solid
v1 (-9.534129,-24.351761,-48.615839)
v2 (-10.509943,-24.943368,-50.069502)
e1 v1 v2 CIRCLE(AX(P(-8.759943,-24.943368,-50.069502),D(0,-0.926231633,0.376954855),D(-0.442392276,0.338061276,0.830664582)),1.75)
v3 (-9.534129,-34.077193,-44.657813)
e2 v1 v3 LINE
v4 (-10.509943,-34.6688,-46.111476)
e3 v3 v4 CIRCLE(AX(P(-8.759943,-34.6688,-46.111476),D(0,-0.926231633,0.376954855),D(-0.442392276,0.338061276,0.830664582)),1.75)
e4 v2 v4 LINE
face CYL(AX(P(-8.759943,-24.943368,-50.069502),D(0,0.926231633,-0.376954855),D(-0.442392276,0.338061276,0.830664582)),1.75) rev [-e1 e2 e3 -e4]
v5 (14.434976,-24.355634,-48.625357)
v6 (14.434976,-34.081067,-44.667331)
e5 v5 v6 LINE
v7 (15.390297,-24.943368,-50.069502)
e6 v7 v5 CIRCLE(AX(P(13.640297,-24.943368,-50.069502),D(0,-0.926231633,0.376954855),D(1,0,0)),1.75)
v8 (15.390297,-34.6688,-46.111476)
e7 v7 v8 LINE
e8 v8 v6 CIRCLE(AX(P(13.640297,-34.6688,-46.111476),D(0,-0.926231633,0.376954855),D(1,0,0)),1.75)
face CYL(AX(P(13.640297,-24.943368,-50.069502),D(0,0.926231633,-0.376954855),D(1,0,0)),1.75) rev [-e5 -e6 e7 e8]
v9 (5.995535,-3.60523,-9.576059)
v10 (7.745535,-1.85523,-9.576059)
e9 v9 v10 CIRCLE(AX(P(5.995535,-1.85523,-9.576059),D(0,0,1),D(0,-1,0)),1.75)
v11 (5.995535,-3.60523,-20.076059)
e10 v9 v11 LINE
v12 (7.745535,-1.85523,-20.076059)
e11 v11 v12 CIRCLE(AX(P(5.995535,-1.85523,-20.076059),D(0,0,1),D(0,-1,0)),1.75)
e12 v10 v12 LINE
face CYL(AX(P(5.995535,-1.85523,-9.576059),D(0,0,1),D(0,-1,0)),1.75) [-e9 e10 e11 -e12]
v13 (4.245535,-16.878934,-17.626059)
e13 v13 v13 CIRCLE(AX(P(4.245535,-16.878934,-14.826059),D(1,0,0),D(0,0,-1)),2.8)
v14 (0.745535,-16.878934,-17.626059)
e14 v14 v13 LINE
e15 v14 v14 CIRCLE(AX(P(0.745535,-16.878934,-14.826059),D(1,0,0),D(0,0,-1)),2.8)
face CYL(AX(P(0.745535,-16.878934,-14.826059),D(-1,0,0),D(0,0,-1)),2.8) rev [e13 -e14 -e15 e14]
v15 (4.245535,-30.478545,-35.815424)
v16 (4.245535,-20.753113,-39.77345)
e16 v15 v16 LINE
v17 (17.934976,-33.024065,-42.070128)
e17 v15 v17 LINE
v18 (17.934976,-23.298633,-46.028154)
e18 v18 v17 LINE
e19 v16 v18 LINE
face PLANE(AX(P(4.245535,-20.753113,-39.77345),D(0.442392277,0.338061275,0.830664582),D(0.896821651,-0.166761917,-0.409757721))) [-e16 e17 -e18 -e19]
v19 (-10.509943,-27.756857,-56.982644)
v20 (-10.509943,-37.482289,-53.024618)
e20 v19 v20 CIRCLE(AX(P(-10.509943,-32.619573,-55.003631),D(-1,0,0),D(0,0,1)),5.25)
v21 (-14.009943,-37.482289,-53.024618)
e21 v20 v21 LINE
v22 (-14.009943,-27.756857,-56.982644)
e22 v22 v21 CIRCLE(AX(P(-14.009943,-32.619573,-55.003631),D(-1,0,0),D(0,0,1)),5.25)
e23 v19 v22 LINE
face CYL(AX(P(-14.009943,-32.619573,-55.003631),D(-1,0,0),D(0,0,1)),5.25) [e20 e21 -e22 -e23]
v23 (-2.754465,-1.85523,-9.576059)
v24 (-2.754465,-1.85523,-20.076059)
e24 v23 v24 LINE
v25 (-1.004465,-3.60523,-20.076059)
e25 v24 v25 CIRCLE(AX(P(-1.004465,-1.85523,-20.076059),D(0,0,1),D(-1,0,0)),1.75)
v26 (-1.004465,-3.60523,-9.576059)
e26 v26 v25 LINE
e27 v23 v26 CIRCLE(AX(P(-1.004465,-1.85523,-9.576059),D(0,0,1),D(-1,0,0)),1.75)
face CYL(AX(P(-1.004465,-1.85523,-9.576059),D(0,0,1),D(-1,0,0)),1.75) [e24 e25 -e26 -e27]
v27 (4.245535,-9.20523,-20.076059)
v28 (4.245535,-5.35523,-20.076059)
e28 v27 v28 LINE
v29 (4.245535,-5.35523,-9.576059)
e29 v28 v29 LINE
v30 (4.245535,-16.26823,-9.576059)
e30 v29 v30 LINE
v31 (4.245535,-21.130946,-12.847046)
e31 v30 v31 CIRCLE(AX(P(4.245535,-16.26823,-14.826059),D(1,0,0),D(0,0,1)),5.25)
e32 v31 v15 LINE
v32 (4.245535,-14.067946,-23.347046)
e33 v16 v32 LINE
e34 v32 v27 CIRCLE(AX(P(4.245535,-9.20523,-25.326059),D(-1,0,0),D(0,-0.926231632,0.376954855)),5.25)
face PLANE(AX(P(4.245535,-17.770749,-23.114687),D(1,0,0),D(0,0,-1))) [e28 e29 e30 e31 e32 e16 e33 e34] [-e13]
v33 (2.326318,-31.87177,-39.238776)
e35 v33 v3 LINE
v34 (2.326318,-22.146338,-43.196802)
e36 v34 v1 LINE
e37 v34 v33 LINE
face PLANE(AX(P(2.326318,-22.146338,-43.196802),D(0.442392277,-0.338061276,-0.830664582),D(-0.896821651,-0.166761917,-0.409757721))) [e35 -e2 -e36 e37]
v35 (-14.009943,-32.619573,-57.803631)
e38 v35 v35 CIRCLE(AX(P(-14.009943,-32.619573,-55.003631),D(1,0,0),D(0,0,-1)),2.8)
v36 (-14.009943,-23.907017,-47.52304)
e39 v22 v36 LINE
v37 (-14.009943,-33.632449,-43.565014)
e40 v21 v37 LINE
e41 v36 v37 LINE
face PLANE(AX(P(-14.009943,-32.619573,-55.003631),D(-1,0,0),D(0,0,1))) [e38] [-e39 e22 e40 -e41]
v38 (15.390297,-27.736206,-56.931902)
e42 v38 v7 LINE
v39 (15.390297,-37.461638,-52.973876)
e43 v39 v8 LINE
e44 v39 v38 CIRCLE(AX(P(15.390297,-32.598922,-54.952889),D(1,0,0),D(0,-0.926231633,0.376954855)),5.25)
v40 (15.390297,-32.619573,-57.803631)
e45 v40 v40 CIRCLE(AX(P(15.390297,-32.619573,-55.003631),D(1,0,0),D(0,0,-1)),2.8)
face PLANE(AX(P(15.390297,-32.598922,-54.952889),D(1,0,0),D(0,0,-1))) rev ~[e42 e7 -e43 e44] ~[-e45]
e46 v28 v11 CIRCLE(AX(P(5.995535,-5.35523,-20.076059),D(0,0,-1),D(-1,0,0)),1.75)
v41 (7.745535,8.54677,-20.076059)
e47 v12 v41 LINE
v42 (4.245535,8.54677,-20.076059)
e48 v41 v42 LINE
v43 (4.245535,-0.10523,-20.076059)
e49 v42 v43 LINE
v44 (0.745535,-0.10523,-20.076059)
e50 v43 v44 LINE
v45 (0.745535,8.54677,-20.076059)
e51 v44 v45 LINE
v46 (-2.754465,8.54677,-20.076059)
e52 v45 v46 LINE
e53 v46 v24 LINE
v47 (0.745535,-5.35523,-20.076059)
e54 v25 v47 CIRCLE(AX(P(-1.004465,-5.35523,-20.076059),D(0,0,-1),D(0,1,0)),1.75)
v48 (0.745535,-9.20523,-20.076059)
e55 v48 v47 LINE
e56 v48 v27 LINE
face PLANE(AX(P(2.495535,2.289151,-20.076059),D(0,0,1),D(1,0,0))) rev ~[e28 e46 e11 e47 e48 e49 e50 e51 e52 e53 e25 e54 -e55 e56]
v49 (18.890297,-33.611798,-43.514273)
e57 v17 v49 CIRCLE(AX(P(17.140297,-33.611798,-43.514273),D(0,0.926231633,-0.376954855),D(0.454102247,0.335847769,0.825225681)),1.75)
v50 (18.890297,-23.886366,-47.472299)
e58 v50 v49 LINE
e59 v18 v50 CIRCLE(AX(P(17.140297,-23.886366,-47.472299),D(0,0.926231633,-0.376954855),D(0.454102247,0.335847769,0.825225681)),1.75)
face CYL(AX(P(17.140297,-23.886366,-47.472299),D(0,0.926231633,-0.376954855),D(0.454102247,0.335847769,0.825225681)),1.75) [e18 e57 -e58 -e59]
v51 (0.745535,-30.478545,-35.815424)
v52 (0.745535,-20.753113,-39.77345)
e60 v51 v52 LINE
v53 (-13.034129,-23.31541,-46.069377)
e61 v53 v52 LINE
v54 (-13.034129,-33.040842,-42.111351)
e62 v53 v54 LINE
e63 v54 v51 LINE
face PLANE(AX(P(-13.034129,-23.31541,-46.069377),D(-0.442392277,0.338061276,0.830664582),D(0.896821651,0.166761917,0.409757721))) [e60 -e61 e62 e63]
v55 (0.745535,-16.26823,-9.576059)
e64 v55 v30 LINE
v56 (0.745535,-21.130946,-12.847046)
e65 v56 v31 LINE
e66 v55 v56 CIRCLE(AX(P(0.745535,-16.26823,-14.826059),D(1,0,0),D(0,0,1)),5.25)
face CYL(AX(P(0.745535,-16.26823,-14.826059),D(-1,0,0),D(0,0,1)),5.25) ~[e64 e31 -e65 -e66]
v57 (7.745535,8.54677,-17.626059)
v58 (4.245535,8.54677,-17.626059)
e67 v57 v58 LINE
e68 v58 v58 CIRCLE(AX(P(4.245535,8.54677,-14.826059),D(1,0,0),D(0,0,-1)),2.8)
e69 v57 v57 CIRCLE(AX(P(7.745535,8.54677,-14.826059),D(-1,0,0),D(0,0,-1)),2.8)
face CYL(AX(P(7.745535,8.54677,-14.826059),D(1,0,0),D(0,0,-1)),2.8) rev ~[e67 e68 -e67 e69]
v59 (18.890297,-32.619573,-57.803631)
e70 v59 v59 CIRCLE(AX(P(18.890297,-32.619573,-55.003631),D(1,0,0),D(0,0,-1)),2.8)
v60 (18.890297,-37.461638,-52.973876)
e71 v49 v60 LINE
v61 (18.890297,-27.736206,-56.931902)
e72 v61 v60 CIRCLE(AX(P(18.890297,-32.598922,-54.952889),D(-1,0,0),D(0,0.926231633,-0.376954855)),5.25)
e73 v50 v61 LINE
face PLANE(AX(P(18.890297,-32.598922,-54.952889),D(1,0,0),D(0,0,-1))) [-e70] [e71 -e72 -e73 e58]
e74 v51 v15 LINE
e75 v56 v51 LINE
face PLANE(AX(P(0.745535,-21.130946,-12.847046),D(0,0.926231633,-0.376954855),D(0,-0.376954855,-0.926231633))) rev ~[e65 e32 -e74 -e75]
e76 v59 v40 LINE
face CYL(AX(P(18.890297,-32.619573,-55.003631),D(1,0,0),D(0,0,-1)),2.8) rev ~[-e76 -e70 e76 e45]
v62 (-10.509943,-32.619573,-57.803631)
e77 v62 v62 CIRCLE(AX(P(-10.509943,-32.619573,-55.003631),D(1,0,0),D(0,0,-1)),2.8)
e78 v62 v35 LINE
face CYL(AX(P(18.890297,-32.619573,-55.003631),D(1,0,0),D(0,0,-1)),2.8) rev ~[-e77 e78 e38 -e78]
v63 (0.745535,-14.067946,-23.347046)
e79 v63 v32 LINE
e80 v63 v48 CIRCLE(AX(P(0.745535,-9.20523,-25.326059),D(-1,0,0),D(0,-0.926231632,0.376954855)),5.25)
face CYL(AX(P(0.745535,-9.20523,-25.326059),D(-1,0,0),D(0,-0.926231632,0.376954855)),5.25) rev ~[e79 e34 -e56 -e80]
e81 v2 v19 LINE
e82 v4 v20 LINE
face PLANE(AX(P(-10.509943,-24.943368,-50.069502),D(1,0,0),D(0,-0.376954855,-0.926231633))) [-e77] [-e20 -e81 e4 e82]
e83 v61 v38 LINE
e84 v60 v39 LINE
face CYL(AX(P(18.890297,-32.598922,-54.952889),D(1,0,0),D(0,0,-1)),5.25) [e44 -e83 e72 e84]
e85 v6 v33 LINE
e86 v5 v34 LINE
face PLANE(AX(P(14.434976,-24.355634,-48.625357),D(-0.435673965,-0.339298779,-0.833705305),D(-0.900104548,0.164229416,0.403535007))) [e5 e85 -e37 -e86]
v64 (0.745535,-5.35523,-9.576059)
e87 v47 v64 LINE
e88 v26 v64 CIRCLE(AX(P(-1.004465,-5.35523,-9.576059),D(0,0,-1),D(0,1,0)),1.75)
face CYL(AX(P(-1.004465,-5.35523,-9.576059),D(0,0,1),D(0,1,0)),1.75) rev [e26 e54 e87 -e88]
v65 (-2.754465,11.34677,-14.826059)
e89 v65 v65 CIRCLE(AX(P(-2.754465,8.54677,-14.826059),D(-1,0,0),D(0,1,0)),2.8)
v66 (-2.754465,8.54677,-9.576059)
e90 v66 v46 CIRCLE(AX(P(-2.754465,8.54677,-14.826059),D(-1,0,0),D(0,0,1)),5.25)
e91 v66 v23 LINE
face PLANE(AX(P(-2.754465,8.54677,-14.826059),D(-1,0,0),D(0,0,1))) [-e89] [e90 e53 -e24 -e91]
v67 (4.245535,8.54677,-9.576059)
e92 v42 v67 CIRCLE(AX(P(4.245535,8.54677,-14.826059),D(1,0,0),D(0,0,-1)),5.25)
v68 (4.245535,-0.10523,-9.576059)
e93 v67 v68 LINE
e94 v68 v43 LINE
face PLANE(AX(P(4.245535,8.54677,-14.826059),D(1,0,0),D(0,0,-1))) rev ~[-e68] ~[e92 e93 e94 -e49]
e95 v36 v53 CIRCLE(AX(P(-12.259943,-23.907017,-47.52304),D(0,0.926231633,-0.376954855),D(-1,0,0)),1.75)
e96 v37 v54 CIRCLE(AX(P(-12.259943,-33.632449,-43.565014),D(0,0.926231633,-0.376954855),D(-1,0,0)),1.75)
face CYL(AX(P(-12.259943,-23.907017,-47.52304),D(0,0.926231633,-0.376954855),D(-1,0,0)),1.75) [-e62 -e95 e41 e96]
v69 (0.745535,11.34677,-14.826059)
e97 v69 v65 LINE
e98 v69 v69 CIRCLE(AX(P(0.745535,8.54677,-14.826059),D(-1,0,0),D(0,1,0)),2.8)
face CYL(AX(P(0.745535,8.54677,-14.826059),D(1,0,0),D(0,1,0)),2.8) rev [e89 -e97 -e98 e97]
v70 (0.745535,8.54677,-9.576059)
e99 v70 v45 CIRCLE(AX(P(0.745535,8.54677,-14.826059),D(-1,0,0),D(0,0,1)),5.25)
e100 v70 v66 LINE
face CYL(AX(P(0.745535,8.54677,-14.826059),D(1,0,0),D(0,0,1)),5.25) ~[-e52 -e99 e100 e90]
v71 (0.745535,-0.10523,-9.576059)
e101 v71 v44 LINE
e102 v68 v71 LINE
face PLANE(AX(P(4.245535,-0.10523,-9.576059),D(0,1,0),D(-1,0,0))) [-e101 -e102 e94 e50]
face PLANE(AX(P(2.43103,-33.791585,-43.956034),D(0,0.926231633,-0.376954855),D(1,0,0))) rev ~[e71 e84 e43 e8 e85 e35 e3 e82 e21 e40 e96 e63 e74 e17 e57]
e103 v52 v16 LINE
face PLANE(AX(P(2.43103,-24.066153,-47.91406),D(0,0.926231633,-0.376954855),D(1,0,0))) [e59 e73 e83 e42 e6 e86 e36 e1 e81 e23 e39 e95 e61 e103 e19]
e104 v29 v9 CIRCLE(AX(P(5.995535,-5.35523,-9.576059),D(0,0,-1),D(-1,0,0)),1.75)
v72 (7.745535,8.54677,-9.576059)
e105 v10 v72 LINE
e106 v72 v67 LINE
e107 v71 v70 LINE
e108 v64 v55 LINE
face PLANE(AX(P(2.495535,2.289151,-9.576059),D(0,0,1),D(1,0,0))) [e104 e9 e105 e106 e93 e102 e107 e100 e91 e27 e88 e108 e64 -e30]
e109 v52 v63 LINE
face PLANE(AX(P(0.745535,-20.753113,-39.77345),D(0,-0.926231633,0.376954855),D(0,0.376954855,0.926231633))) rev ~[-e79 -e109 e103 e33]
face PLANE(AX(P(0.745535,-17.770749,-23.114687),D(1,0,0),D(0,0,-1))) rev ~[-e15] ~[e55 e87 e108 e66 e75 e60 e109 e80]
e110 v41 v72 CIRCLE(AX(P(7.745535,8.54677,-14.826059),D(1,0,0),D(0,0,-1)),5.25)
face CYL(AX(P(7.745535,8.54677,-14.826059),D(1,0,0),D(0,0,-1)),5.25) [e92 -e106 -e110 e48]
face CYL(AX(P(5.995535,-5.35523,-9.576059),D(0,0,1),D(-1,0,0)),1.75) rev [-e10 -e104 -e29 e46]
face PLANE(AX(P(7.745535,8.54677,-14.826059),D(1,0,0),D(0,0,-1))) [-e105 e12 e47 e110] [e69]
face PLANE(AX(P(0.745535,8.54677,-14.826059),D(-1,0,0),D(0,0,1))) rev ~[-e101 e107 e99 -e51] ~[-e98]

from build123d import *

# Parameters (mm, degrees)
SKETCH1_R           = 4
BOSS_EXTRUDE1_DEPTH = 5
BOSS_EXTRUDE2_DEPTH = 15
SKETCH3_R           = 7.5
SKETCH3_R_2         = 4
BOSS_EXTRUDE3_DEPTH = 5
SKETCH5_R           = 4
CUT_EXTRUDE1_DEPTH  = 5
BOSS_EXTRUDE4_START = -5
SKETCH6_R           = 7.5
BOSS_EXTRUDE4_DEPTH = 5
CUT_EXTRUDE2_START  = -5
SKETCH7_R           = 4
CUT_EXTRUDE2_DEPTH  = 5
BOSS_EXTRUDE5_DEPTH = 15
SKETCH9_R           = 7.5
BOSS_EXTRUDE6_DEPTH = 5
SKETCH10_R          = 7.5
BOSS_EXTRUDE7_DEPTH = 5
SKETCH11_R          = 4
CUT_EXTRUDE3_DEPTH  = 64
SCALE1_SCALE        = 0.7


with BuildPart() as part:
    # Sketch1 → Boss-Extrude1 (new body)
    with BuildSketch(Plane(origin=(0, 0, 0), x_dir=(0, 0, -1), z_dir=(1, 0, 0))):
        with BuildLine():
            Line((15, 0), (0, 0))
            Line((0, 0), (0, -15.59))
            ThreePointArc((0, -15.59), (1.276909506, -19.776065539), (4.672838586, -22.536737244))
            Line((4.672838586, -22.536737244), (37.484806943, -35.890449582))
            Line((37.484806943, -35.890449582), (43.13912977, -21.996975093))
            Line((43.13912977, -21.996975093), (19.672838586, -12.446737244))
            ThreePointArc((19.672838586, -12.446737244), (16.276909506, -9.686065539), (15, -5.5))
            Line((15, -5.5), (15, 0))
        make_face()
        with Locations((7.5, -16.462434129)):
            Circle(SKETCH1_R, mode=Mode.SUBTRACT)
    extrude(amount=BOSS_EXTRUDE1_DEPTH)

    # Sketch2 → Boss-Extrude2 (add)
    with BuildSketch(Plane.XY):
        with BuildLine():
            Line((0, 0), (5, 0))
            ThreePointArc((5, 0), (5.732233047, 1.767766953), (7.5, 2.5))
            ThreePointArc((7.5, 2.5), (9.267766953, 3.232233047), (10, 5))
            Line((10, 5), (10, 19.86))
            Line((10, 19.86), (5, 19.86))
            Line((5, 19.86), (5, 7.5))
            Line((5, 7.5), (0, 7.5))
            Line((0, 7.5), (0, 19.86))
            Line((0, 19.86), (-5, 19.86))
            Line((-5, 19.86), (-5, 5))
            ThreePointArc((-5, 5), (-4.267766953, 3.232233047), (-2.5, 2.5))
            ThreePointArc((-2.5, 2.5), (-0.732233047, 1.767766953), (0, 0))
        make_face()
    extrude(amount=-BOSS_EXTRUDE2_DEPTH)

    # Sketch3 → Boss-Extrude3 (add)
    with BuildSketch(Plane(origin=(10, 0, 0), x_dir=(0, 0, -1), z_dir=(1, 0, 0))):
        with Locations((7.5, 19.86)):
            Circle(SKETCH3_R)
        with Locations((7.5, 19.86)):
            Circle(SKETCH3_R_2, mode=Mode.SUBTRACT)
    extrude(amount=-BOSS_EXTRUDE3_DEPTH)

    # Sketch5 → Cut-Extrude1 (cut)
    with BuildSketch(Plane(origin=(10, 0, 0), x_dir=(0, 0, -1), z_dir=(1, 0, 0))):
        with Locations(Location((7.5, 19.86, 0), (0, 0, 90))):
            Circle(SKETCH5_R)
    extrude(amount=-CUT_EXTRUDE1_DEPTH, mode=Mode.SUBTRACT)

    # Sketch6 → Boss-Extrude4 (add)
    with BuildSketch(Plane.ZY.offset(5).offset(BOSS_EXTRUDE4_START)):
        with Locations((-7.5, 19.86)):
            Circle(SKETCH6_R)
    extrude(amount=BOSS_EXTRUDE4_DEPTH)

    # Sketch7 → Cut-Extrude2 (cut)
    with BuildSketch(Plane.ZY.offset(5).offset(CUT_EXTRUDE2_START)):
        with Locations(Location((-7.5, 19.86, 0), (0, 0, 90))):
            Circle(SKETCH7_R)
    extrude(amount=CUT_EXTRUDE2_DEPTH, mode=Mode.SUBTRACT)

    # Sketch8 → Boss-Extrude5 (add)
    with BuildSketch(Plane(origin=(0, -3.809395954, 1.55033606), x_dir=(1, 0, 0), z_dir=(0, 0.926231632569695, -0.376954855158118))):
        with BuildLine():
            Line((0, 48.248693155), (5, 48.248693155))
            Line((5, 48.248693155), (24.55634321, 57.895622609))
            ThreePointArc((24.55634321, 57.895622609), (25.552769913, 58.816883816), (25.92108759, 60.122996551))
            Line((25.92108759, 60.122996551), (25.92108759, 74.712996551))
            Line((25.92108759, 74.712996551), (20.92108759, 74.712996551))
            Line((20.92108759, 74.712996551), (20.92108759, 64.128787942))
            ThreePointArc((20.92108759, 64.128787942), (20.552769913, 62.822675208), (19.55634321, 61.901414001))
            Line((19.55634321, 61.901414001), (2.258260879, 53.528693155))
            Line((2.258260879, 53.528693155), (-14.685235236, 61.886733815))
            ThreePointArc((-14.685235236, 61.886733815), (-15.702336235, 62.808740922), (-16.079254544, 64.128787942))
            Line((-16.079254544, 64.128787942), (-16.079254544, 74.791257758))
            Line((-16.079254544, 74.791257758), (-21.079254544, 74.791257758))
            Line((-21.079254544, 74.791257758), (-21.079254544, 60.201257758))
            ThreePointArc((-21.079254544, 60.201257758), (-20.702336235, 58.881210738), (-19.685235236, 57.95920363))
            Line((-19.685235236, 57.95920363), (0, 48.248693155))
        make_face()
    extrude(amount=-BOSS_EXTRUDE5_DEPTH)

    # Sketch9 → Boss-Extrude6 (add)
    with BuildSketch(Plane(origin=(25.92108759, 0, 0), x_dir=(0, 0, -1), z_dir=(1, 0, 0))):
        with Locations((64.824043295, -38.919559991)):
            Circle(SKETCH9_R)
    extrude(amount=-BOSS_EXTRUDE6_DEPTH)

    # Sketch10 → Boss-Extrude7 (add)
    with BuildSketch(Plane.ZY.offset(21.079254544)):
        with Locations((-64.896531301, -38.949060933)):
            Circle(SKETCH10_R)
    extrude(amount=-BOSS_EXTRUDE7_DEPTH)

    # Sketch11 → Cut-Extrude3 (cut)
    with BuildSketch(Plane(origin=(25.92108759, 0, 0), x_dir=(0, 0, -1), z_dir=(1, 0, 0))):
        with Locations((64.896531301, -38.949060933)):
            Circle(SKETCH11_R)
    extrude(amount=-CUT_EXTRUDE3_DEPTH, mode=Mode.SUBTRACT)


with BuildPart() as part_1:
    # Scale1: scaled about (2.485117757, -17.850767572, -31.920196675)
    add(part.part.scale(SCALE1_SCALE).moved(Location((0.745535327, -5.355230272, -9.576059003))))


solid = part_1.part
